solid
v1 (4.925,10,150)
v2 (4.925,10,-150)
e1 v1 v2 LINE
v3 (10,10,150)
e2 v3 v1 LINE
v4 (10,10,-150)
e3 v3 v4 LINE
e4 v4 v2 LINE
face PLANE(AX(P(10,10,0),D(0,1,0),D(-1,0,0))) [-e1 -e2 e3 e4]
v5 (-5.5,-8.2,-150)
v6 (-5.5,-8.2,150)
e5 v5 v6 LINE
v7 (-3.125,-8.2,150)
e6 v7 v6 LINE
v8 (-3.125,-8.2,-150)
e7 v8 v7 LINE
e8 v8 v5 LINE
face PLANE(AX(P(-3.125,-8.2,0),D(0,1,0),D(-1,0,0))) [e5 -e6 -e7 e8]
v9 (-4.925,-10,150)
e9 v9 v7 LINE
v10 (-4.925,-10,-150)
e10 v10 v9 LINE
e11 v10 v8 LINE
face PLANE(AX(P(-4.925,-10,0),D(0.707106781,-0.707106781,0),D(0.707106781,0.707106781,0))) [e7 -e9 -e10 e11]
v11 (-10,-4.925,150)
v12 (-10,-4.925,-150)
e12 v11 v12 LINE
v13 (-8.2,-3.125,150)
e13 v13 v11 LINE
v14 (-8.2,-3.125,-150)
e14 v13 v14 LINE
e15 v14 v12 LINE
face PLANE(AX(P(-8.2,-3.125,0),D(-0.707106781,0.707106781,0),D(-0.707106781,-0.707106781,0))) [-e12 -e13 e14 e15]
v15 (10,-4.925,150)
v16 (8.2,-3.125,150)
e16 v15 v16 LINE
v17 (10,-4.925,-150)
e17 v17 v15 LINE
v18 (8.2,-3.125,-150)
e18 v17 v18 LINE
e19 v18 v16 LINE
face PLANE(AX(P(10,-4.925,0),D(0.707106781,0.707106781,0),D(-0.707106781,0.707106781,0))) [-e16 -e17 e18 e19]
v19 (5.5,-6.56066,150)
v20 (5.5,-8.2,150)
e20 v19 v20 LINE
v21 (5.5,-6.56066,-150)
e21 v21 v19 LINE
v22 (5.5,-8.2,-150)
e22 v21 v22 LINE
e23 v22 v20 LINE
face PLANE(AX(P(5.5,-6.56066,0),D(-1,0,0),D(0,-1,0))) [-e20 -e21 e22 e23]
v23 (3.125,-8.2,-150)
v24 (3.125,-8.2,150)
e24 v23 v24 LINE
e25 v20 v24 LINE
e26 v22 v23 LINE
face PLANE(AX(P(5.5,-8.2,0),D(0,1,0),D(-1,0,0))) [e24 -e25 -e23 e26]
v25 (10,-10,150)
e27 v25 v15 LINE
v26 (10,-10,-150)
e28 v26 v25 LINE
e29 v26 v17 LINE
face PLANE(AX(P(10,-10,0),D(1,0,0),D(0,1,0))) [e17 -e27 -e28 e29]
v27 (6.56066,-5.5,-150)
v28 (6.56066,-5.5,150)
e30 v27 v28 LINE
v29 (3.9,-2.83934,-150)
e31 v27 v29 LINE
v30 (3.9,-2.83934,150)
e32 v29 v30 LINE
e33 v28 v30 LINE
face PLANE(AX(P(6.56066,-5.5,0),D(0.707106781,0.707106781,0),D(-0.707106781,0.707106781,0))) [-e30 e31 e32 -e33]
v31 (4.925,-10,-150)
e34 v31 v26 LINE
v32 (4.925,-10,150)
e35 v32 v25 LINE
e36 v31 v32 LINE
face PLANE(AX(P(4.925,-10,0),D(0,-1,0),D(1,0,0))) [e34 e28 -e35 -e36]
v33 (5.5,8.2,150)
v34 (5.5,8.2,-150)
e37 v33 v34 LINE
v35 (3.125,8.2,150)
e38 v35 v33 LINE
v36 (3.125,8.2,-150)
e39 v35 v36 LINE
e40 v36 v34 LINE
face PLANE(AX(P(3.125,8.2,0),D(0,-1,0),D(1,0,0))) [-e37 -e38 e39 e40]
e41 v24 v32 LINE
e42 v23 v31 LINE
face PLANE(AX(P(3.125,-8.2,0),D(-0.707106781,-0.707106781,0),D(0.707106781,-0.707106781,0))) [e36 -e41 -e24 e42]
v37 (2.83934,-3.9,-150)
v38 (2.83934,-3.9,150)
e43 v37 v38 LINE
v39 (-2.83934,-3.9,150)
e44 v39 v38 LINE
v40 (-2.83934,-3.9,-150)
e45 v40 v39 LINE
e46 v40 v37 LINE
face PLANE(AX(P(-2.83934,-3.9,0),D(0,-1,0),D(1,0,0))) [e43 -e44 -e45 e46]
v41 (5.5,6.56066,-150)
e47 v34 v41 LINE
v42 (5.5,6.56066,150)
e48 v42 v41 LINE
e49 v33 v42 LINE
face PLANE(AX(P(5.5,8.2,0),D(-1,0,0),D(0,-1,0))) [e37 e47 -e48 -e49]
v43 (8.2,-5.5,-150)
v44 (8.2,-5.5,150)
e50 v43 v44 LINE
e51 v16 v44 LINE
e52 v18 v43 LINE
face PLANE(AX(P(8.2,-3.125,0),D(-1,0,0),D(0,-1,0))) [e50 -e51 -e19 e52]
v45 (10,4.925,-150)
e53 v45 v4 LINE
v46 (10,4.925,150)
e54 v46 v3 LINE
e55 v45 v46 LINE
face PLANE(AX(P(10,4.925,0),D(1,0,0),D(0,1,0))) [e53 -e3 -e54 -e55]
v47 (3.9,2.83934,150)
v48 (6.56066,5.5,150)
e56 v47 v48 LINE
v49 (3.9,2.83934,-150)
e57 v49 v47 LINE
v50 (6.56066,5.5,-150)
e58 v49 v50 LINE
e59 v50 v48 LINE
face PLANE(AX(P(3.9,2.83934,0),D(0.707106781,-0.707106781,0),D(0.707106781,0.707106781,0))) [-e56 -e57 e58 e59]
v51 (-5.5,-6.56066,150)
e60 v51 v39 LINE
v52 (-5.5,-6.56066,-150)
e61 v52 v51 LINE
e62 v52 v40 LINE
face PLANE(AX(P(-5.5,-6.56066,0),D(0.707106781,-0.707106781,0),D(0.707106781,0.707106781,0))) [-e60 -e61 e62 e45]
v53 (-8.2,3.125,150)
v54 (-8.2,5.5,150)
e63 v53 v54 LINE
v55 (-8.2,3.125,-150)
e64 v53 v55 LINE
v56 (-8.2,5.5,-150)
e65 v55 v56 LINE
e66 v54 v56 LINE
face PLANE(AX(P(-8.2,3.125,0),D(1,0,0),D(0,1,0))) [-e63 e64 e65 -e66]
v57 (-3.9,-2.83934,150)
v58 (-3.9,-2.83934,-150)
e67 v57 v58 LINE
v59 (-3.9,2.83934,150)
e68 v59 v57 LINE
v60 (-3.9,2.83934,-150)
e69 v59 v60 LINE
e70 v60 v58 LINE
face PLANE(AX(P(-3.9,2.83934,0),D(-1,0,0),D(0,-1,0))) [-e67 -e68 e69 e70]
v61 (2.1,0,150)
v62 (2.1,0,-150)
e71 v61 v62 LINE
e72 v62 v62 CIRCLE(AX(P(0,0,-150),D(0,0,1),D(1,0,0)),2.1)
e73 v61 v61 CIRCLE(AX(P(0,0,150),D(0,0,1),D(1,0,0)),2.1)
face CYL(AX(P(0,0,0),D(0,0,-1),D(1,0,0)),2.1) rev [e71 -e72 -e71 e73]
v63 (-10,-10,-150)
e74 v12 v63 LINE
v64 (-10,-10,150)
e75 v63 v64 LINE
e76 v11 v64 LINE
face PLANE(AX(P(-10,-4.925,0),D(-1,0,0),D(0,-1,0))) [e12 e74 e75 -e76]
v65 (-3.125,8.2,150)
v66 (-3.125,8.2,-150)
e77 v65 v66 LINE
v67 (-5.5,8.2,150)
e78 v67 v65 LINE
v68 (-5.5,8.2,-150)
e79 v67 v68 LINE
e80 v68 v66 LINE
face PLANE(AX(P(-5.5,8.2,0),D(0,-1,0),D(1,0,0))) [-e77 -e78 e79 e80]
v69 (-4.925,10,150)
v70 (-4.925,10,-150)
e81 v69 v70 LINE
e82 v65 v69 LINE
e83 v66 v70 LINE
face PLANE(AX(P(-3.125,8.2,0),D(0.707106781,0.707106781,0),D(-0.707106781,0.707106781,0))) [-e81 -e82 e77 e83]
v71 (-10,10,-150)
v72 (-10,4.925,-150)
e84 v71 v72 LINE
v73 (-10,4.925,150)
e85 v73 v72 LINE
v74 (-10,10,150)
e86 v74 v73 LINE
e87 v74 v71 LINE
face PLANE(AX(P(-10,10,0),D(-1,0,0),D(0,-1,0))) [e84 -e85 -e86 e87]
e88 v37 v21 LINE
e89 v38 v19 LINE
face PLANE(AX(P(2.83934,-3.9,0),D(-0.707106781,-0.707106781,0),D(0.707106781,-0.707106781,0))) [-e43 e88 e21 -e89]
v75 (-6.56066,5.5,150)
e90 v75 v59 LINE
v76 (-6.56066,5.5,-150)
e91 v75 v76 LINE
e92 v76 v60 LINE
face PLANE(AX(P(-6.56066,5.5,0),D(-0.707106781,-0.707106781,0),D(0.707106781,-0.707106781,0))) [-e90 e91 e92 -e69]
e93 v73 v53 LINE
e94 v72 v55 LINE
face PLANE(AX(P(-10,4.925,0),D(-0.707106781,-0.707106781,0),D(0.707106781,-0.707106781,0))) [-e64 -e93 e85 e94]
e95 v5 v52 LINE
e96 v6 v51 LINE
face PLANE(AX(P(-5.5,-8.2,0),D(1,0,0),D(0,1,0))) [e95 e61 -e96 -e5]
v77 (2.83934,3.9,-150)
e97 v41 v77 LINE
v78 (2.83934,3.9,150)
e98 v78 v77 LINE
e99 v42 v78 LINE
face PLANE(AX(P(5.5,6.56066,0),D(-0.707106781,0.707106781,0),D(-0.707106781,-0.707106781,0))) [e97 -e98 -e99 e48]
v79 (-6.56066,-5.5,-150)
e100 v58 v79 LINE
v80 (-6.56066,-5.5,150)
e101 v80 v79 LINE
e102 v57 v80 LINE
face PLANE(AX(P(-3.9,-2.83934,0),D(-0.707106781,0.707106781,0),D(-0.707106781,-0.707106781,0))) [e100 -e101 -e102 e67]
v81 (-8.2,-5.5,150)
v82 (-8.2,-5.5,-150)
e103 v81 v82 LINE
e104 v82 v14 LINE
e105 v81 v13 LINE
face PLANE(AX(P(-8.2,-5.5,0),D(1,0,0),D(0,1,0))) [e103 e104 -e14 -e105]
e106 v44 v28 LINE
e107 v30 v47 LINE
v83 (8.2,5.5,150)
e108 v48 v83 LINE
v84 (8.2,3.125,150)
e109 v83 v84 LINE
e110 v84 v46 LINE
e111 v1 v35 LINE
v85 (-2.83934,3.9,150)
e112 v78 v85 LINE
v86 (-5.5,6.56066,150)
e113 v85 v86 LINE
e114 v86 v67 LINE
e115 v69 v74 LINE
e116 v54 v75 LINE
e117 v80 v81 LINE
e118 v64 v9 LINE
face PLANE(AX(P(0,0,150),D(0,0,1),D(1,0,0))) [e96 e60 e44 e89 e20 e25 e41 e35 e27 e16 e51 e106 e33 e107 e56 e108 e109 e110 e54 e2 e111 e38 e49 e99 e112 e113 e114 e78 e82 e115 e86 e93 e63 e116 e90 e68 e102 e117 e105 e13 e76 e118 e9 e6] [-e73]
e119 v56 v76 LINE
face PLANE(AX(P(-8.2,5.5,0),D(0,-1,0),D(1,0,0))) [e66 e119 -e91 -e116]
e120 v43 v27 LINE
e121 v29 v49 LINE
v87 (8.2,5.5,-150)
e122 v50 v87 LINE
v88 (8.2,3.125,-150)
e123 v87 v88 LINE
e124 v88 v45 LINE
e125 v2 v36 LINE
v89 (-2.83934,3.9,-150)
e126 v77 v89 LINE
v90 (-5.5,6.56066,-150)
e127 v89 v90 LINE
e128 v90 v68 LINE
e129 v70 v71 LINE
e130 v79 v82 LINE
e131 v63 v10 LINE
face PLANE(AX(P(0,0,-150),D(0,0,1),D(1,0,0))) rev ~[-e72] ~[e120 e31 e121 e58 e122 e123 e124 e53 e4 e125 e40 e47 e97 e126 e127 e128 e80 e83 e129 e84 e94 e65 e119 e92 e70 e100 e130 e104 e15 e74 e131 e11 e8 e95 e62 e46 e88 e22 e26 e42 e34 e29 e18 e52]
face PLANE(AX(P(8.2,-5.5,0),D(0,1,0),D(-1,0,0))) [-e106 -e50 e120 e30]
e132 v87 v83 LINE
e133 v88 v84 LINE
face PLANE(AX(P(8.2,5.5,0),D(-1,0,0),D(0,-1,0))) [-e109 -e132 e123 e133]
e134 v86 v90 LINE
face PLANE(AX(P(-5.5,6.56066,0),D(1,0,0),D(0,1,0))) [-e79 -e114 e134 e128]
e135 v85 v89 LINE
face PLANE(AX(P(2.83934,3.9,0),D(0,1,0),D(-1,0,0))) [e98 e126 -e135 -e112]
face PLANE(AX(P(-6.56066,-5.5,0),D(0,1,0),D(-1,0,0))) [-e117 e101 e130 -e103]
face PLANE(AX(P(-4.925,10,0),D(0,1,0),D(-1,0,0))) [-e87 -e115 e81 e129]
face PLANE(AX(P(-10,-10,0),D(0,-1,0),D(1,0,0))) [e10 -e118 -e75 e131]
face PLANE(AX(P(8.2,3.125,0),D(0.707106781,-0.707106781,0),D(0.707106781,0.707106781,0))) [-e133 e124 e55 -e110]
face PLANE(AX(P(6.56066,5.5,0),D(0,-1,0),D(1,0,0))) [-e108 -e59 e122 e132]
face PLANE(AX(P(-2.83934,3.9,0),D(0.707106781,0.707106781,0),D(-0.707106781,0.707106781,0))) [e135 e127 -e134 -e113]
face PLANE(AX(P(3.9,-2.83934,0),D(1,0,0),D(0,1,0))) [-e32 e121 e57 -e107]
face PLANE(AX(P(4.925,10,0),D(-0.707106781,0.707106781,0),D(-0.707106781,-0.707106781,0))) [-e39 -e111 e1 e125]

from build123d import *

# Parameters (mm, degrees)
SKETCH1_R           = 2.1
BOSS_EXTRUDE1_DEPTH = 150


with BuildPart() as part:
    # Sketch1 → Boss-Extrude1 (new, symmetric)
    with BuildSketch(Plane.XY):
        Polygon((-10, -4.925), (-10, -10), (-4.925, -10), (-3.125, -8.2), (-5.5, -8.2), (-5.5, -6.560660172), (-2.839339828, -3.9), (2.839339828, -3.9), (5.5, -6.560660172), (5.5, -8.2), (3.125, -8.2), (4.925, -10), (10, -10), (10, -4.925), (8.2, -3.125), (8.2, -5.5), (6.560660172, -5.5), (3.9, -2.839339828), (3.9, 2.839339828), (6.560660172, 5.5), (8.2, 5.5), (8.2, 3.125), (10, 4.925), (10, 10), (4.925, 10), (3.125, 8.2), (5.5, 8.2), (5.5, 6.560660172), (2.839339828, 3.9), (-2.839339828, 3.9), (-5.5, 6.560660172), (-5.5, 8.2), (-3.125, 8.2), (-4.925, 10), (-10, 10), (-10, 4.925), (-8.2, 3.125), (-8.2, 5.5), (-6.560660172, 5.5), (-3.9, 2.839339828), (-3.9, -2.839339828), (-6.560660172, -5.5), (-8.2, -5.5), (-8.2, -3.125), align=None)
        Circle(SKETCH1_R, mode=Mode.SUBTRACT)
    extrude(amount=BOSS_EXTRUDE1_DEPTH, both=True)


solid = part.part
